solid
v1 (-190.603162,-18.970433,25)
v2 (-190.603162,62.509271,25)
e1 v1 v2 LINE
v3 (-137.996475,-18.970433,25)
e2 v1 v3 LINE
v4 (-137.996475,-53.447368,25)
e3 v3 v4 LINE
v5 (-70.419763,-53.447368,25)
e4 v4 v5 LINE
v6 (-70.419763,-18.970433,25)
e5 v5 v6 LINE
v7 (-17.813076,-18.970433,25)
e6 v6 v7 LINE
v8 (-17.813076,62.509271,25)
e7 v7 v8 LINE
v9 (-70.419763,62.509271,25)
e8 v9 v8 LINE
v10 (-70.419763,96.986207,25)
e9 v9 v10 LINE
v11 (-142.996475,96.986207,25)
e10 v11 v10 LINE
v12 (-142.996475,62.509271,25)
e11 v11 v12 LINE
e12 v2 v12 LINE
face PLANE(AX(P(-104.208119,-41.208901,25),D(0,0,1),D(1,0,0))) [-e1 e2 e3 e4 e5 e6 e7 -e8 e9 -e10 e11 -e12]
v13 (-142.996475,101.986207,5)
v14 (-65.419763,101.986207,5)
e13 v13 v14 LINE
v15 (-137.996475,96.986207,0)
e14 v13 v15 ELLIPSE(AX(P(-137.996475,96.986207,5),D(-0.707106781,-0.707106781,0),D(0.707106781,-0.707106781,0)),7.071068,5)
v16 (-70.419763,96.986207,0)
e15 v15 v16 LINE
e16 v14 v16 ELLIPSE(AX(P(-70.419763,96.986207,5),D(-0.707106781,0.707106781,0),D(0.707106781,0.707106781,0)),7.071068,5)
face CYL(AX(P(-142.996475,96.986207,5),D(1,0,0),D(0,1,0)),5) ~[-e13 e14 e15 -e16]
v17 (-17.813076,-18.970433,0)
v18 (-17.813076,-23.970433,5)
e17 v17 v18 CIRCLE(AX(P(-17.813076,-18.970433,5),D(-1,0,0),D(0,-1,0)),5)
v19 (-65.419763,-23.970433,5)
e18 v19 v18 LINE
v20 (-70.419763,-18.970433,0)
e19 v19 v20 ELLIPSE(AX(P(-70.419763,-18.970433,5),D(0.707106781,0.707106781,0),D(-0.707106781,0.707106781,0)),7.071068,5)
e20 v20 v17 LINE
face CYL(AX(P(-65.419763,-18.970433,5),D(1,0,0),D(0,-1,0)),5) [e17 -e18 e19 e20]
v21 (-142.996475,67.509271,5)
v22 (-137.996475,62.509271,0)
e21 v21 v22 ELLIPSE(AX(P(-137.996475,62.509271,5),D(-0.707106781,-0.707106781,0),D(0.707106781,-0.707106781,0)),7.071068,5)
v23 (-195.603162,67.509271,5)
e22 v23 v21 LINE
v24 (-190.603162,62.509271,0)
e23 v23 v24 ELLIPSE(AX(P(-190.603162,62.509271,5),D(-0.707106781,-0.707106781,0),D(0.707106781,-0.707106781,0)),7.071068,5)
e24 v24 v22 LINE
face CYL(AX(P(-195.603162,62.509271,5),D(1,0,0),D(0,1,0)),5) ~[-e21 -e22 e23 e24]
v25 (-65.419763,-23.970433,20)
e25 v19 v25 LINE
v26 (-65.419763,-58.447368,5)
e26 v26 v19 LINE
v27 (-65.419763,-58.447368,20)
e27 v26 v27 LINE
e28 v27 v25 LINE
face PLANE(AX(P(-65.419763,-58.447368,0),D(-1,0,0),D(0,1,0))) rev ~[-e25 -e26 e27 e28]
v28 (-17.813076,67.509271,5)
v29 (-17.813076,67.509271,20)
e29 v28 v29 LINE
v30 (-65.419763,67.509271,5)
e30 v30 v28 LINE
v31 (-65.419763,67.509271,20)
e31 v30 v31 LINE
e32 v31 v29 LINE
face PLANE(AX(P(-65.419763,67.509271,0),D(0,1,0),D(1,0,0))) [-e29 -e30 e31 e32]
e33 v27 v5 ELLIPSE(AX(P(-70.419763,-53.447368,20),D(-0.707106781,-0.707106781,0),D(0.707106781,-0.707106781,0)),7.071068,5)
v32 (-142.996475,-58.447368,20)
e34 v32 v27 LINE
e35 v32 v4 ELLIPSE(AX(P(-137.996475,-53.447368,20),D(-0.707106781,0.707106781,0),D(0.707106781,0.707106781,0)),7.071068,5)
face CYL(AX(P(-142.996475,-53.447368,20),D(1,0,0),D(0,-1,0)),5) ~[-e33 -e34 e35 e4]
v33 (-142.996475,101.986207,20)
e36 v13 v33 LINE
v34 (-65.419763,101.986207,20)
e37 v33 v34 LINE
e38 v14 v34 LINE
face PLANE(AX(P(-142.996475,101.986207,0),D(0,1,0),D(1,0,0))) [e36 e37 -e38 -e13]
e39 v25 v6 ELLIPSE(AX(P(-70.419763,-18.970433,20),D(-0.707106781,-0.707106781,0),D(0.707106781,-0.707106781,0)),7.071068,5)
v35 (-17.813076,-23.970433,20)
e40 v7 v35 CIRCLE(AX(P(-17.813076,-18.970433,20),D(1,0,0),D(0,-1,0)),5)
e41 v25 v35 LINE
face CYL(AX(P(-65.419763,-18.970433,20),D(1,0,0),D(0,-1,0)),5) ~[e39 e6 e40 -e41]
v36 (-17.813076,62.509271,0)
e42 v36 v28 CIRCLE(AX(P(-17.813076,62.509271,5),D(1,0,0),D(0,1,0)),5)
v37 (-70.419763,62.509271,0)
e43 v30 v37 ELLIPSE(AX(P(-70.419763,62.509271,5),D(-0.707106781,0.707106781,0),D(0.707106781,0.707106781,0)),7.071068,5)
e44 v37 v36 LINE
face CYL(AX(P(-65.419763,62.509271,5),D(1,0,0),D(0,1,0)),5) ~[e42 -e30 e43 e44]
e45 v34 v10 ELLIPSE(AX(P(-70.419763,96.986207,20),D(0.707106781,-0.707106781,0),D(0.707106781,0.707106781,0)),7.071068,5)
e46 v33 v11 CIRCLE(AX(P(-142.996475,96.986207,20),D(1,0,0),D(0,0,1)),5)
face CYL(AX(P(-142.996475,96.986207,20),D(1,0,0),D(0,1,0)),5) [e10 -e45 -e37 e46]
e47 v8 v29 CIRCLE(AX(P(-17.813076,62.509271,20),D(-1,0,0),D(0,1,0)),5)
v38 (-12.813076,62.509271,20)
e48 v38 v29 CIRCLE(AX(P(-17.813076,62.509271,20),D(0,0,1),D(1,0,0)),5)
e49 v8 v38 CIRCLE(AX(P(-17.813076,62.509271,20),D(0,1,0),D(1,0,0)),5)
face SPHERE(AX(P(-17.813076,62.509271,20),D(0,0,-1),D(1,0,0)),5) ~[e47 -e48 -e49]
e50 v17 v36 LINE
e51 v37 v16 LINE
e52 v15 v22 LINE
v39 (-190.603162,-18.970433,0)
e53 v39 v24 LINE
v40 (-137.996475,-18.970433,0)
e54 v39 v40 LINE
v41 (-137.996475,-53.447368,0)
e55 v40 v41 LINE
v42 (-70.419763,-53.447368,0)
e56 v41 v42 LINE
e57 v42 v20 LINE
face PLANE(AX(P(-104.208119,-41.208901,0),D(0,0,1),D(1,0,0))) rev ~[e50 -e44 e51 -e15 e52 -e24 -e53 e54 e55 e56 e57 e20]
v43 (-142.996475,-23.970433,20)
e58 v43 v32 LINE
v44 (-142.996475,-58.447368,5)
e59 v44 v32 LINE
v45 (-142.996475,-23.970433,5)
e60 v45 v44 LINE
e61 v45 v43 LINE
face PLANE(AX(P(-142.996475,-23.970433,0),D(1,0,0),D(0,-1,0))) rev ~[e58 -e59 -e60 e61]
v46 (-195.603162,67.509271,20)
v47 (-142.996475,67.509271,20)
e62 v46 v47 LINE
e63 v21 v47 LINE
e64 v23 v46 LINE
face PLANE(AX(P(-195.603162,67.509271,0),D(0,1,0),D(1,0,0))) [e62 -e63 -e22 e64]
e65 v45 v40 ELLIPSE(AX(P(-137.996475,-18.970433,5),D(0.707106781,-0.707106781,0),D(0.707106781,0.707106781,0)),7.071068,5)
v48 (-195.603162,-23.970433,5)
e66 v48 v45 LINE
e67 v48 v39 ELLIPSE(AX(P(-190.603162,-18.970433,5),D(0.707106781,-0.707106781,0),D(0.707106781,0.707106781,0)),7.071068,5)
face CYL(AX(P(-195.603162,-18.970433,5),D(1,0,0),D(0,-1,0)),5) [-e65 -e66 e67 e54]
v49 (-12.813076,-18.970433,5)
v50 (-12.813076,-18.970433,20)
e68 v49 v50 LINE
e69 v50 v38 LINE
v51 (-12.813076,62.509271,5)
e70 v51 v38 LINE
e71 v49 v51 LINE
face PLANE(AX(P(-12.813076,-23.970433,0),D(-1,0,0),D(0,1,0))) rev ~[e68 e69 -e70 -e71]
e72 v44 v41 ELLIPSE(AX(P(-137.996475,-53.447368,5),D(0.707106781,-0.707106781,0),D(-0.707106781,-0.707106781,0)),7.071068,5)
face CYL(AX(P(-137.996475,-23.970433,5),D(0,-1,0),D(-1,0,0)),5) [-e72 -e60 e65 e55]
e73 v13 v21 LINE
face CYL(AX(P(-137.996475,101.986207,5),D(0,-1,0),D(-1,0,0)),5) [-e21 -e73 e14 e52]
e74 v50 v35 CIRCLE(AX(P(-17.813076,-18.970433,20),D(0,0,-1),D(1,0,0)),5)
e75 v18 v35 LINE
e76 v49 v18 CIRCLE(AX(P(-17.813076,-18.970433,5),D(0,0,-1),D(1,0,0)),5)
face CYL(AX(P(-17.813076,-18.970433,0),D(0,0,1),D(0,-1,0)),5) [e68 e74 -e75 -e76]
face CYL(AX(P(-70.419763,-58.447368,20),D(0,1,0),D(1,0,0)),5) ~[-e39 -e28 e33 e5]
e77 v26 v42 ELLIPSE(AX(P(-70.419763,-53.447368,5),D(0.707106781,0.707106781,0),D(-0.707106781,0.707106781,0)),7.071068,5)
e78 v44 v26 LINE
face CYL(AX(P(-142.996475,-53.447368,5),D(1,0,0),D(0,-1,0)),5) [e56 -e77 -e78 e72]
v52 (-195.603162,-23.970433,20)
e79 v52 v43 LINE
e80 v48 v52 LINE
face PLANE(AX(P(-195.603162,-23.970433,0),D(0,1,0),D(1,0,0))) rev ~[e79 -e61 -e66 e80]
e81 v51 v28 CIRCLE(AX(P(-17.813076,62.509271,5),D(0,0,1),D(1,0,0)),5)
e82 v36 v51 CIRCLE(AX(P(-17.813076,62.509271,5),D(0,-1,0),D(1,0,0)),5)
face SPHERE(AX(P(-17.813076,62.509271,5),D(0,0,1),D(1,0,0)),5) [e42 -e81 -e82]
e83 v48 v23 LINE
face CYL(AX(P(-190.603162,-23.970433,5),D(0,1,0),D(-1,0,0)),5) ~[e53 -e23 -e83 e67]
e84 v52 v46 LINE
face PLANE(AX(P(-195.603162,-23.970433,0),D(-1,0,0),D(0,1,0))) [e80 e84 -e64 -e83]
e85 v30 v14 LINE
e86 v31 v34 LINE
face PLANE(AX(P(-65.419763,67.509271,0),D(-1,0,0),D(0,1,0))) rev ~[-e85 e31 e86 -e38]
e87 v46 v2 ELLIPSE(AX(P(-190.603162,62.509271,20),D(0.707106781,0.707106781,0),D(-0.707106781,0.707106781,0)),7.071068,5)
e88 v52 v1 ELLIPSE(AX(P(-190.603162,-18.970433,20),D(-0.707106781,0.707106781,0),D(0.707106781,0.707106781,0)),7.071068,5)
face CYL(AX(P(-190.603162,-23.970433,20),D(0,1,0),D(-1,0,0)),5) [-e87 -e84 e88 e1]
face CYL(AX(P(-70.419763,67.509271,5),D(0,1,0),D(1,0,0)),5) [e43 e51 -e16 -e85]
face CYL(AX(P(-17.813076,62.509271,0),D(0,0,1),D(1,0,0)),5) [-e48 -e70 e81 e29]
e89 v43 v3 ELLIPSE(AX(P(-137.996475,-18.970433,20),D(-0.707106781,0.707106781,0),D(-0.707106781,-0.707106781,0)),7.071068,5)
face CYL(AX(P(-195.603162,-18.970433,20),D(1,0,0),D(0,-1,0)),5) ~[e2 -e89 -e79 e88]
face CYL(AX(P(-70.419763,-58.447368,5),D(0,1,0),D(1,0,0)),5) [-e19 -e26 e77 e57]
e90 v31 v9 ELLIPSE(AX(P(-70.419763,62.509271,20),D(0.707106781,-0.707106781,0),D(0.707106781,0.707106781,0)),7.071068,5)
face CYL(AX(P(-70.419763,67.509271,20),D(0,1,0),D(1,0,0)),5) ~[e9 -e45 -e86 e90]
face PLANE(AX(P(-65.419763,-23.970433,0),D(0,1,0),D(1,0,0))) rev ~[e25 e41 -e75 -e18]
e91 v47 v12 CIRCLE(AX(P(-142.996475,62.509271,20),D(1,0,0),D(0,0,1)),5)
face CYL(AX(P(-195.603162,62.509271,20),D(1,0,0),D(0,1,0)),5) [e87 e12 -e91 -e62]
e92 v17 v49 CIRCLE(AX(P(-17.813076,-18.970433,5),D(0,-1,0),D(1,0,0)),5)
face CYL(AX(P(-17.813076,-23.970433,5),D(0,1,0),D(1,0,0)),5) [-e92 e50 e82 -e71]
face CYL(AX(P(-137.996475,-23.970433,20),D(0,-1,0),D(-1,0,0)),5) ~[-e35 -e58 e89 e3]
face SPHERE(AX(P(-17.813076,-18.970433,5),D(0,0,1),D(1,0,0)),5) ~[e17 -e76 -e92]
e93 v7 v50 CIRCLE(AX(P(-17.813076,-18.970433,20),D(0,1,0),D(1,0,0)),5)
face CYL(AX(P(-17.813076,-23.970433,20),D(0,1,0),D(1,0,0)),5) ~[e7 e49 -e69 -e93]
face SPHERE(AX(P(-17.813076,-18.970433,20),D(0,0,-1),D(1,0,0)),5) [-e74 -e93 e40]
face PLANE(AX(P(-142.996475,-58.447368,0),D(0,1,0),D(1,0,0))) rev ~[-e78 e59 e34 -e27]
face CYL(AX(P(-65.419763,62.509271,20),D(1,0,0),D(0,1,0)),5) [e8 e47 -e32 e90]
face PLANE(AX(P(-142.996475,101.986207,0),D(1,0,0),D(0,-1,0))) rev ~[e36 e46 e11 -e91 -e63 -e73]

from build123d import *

# Parameters (mm, degrees)
F0_W     = 77.5767117739
F0_H     = 34.4769358635
F0_H_2   = 91.479703784
F0_W_2   = 52.6066869497
F1_DEPTH = 25
F2_R     = 5


with BuildPart() as f1:
    # F0 (on Top) → F1 (new body)
    with BuildSketch(Plane.XY):
        with Locations((-104.2081192136, -41.2089005113)):
            Rectangle(F0_W, F0_H)
        with Locations((-104.2081192136, 84.7477391362)):
            Rectangle(F0_W, F0_H)
        with Locations((-104.2081192136, 21.7694193125)):
            Rectangle(F0_W, F0_H_2)
        with Locations((-169.2998185754, 21.7694193125)):
            Rectangle(F0_W_2, F0_H_2)
        with Locations((-39.1164198518, 21.7694193125)):
            Rectangle(F0_W_2, F0_H_2)
    extrude(amount=F1_DEPTH)

    # F2
    f2_edges = [f1.edges().sort_by_distance(p)[0] for p in [
        (-12.813076, -23.970433, 12.5),
        (-12.813076, 67.509271, 12.5),
        (-12.813076, 21.769419, 0),
        (-12.813076, 21.769419, 25),
        (-65.419763, -41.208901, 0),
        (-39.11642, -23.970433, 0),
        (-39.11642, 67.509271, 0),
        (-65.419763, 84.747739, 0),
        (-104.208119, 101.986207, 0),
        (-142.996475, 84.747739, 0),
        (-169.299819, 67.509271, 0),
        (-195.603162, 21.769419, 0),
        (-169.299819, -23.970433, 0),
        (-142.996475, -41.208901, 0),
        (-104.208119, -58.447368, 0),
        (-104.208119, -58.447368, 25),
        (-142.996475, -41.208901, 25),
        (-169.299819, -23.970433, 25),
        (-195.603162, 21.769419, 25),
        (-169.299819, 67.509271, 25),
        (-104.208119, 101.986207, 25),
        (-65.419763, 84.747739, 25),
        (-39.11642, 67.509271, 25),
        (-39.11642, -23.970433, 25),
        (-65.419763, -41.208901, 25),
    ]]
    fillet(f2_edges, radius=F2_R)


solid = f1.part
